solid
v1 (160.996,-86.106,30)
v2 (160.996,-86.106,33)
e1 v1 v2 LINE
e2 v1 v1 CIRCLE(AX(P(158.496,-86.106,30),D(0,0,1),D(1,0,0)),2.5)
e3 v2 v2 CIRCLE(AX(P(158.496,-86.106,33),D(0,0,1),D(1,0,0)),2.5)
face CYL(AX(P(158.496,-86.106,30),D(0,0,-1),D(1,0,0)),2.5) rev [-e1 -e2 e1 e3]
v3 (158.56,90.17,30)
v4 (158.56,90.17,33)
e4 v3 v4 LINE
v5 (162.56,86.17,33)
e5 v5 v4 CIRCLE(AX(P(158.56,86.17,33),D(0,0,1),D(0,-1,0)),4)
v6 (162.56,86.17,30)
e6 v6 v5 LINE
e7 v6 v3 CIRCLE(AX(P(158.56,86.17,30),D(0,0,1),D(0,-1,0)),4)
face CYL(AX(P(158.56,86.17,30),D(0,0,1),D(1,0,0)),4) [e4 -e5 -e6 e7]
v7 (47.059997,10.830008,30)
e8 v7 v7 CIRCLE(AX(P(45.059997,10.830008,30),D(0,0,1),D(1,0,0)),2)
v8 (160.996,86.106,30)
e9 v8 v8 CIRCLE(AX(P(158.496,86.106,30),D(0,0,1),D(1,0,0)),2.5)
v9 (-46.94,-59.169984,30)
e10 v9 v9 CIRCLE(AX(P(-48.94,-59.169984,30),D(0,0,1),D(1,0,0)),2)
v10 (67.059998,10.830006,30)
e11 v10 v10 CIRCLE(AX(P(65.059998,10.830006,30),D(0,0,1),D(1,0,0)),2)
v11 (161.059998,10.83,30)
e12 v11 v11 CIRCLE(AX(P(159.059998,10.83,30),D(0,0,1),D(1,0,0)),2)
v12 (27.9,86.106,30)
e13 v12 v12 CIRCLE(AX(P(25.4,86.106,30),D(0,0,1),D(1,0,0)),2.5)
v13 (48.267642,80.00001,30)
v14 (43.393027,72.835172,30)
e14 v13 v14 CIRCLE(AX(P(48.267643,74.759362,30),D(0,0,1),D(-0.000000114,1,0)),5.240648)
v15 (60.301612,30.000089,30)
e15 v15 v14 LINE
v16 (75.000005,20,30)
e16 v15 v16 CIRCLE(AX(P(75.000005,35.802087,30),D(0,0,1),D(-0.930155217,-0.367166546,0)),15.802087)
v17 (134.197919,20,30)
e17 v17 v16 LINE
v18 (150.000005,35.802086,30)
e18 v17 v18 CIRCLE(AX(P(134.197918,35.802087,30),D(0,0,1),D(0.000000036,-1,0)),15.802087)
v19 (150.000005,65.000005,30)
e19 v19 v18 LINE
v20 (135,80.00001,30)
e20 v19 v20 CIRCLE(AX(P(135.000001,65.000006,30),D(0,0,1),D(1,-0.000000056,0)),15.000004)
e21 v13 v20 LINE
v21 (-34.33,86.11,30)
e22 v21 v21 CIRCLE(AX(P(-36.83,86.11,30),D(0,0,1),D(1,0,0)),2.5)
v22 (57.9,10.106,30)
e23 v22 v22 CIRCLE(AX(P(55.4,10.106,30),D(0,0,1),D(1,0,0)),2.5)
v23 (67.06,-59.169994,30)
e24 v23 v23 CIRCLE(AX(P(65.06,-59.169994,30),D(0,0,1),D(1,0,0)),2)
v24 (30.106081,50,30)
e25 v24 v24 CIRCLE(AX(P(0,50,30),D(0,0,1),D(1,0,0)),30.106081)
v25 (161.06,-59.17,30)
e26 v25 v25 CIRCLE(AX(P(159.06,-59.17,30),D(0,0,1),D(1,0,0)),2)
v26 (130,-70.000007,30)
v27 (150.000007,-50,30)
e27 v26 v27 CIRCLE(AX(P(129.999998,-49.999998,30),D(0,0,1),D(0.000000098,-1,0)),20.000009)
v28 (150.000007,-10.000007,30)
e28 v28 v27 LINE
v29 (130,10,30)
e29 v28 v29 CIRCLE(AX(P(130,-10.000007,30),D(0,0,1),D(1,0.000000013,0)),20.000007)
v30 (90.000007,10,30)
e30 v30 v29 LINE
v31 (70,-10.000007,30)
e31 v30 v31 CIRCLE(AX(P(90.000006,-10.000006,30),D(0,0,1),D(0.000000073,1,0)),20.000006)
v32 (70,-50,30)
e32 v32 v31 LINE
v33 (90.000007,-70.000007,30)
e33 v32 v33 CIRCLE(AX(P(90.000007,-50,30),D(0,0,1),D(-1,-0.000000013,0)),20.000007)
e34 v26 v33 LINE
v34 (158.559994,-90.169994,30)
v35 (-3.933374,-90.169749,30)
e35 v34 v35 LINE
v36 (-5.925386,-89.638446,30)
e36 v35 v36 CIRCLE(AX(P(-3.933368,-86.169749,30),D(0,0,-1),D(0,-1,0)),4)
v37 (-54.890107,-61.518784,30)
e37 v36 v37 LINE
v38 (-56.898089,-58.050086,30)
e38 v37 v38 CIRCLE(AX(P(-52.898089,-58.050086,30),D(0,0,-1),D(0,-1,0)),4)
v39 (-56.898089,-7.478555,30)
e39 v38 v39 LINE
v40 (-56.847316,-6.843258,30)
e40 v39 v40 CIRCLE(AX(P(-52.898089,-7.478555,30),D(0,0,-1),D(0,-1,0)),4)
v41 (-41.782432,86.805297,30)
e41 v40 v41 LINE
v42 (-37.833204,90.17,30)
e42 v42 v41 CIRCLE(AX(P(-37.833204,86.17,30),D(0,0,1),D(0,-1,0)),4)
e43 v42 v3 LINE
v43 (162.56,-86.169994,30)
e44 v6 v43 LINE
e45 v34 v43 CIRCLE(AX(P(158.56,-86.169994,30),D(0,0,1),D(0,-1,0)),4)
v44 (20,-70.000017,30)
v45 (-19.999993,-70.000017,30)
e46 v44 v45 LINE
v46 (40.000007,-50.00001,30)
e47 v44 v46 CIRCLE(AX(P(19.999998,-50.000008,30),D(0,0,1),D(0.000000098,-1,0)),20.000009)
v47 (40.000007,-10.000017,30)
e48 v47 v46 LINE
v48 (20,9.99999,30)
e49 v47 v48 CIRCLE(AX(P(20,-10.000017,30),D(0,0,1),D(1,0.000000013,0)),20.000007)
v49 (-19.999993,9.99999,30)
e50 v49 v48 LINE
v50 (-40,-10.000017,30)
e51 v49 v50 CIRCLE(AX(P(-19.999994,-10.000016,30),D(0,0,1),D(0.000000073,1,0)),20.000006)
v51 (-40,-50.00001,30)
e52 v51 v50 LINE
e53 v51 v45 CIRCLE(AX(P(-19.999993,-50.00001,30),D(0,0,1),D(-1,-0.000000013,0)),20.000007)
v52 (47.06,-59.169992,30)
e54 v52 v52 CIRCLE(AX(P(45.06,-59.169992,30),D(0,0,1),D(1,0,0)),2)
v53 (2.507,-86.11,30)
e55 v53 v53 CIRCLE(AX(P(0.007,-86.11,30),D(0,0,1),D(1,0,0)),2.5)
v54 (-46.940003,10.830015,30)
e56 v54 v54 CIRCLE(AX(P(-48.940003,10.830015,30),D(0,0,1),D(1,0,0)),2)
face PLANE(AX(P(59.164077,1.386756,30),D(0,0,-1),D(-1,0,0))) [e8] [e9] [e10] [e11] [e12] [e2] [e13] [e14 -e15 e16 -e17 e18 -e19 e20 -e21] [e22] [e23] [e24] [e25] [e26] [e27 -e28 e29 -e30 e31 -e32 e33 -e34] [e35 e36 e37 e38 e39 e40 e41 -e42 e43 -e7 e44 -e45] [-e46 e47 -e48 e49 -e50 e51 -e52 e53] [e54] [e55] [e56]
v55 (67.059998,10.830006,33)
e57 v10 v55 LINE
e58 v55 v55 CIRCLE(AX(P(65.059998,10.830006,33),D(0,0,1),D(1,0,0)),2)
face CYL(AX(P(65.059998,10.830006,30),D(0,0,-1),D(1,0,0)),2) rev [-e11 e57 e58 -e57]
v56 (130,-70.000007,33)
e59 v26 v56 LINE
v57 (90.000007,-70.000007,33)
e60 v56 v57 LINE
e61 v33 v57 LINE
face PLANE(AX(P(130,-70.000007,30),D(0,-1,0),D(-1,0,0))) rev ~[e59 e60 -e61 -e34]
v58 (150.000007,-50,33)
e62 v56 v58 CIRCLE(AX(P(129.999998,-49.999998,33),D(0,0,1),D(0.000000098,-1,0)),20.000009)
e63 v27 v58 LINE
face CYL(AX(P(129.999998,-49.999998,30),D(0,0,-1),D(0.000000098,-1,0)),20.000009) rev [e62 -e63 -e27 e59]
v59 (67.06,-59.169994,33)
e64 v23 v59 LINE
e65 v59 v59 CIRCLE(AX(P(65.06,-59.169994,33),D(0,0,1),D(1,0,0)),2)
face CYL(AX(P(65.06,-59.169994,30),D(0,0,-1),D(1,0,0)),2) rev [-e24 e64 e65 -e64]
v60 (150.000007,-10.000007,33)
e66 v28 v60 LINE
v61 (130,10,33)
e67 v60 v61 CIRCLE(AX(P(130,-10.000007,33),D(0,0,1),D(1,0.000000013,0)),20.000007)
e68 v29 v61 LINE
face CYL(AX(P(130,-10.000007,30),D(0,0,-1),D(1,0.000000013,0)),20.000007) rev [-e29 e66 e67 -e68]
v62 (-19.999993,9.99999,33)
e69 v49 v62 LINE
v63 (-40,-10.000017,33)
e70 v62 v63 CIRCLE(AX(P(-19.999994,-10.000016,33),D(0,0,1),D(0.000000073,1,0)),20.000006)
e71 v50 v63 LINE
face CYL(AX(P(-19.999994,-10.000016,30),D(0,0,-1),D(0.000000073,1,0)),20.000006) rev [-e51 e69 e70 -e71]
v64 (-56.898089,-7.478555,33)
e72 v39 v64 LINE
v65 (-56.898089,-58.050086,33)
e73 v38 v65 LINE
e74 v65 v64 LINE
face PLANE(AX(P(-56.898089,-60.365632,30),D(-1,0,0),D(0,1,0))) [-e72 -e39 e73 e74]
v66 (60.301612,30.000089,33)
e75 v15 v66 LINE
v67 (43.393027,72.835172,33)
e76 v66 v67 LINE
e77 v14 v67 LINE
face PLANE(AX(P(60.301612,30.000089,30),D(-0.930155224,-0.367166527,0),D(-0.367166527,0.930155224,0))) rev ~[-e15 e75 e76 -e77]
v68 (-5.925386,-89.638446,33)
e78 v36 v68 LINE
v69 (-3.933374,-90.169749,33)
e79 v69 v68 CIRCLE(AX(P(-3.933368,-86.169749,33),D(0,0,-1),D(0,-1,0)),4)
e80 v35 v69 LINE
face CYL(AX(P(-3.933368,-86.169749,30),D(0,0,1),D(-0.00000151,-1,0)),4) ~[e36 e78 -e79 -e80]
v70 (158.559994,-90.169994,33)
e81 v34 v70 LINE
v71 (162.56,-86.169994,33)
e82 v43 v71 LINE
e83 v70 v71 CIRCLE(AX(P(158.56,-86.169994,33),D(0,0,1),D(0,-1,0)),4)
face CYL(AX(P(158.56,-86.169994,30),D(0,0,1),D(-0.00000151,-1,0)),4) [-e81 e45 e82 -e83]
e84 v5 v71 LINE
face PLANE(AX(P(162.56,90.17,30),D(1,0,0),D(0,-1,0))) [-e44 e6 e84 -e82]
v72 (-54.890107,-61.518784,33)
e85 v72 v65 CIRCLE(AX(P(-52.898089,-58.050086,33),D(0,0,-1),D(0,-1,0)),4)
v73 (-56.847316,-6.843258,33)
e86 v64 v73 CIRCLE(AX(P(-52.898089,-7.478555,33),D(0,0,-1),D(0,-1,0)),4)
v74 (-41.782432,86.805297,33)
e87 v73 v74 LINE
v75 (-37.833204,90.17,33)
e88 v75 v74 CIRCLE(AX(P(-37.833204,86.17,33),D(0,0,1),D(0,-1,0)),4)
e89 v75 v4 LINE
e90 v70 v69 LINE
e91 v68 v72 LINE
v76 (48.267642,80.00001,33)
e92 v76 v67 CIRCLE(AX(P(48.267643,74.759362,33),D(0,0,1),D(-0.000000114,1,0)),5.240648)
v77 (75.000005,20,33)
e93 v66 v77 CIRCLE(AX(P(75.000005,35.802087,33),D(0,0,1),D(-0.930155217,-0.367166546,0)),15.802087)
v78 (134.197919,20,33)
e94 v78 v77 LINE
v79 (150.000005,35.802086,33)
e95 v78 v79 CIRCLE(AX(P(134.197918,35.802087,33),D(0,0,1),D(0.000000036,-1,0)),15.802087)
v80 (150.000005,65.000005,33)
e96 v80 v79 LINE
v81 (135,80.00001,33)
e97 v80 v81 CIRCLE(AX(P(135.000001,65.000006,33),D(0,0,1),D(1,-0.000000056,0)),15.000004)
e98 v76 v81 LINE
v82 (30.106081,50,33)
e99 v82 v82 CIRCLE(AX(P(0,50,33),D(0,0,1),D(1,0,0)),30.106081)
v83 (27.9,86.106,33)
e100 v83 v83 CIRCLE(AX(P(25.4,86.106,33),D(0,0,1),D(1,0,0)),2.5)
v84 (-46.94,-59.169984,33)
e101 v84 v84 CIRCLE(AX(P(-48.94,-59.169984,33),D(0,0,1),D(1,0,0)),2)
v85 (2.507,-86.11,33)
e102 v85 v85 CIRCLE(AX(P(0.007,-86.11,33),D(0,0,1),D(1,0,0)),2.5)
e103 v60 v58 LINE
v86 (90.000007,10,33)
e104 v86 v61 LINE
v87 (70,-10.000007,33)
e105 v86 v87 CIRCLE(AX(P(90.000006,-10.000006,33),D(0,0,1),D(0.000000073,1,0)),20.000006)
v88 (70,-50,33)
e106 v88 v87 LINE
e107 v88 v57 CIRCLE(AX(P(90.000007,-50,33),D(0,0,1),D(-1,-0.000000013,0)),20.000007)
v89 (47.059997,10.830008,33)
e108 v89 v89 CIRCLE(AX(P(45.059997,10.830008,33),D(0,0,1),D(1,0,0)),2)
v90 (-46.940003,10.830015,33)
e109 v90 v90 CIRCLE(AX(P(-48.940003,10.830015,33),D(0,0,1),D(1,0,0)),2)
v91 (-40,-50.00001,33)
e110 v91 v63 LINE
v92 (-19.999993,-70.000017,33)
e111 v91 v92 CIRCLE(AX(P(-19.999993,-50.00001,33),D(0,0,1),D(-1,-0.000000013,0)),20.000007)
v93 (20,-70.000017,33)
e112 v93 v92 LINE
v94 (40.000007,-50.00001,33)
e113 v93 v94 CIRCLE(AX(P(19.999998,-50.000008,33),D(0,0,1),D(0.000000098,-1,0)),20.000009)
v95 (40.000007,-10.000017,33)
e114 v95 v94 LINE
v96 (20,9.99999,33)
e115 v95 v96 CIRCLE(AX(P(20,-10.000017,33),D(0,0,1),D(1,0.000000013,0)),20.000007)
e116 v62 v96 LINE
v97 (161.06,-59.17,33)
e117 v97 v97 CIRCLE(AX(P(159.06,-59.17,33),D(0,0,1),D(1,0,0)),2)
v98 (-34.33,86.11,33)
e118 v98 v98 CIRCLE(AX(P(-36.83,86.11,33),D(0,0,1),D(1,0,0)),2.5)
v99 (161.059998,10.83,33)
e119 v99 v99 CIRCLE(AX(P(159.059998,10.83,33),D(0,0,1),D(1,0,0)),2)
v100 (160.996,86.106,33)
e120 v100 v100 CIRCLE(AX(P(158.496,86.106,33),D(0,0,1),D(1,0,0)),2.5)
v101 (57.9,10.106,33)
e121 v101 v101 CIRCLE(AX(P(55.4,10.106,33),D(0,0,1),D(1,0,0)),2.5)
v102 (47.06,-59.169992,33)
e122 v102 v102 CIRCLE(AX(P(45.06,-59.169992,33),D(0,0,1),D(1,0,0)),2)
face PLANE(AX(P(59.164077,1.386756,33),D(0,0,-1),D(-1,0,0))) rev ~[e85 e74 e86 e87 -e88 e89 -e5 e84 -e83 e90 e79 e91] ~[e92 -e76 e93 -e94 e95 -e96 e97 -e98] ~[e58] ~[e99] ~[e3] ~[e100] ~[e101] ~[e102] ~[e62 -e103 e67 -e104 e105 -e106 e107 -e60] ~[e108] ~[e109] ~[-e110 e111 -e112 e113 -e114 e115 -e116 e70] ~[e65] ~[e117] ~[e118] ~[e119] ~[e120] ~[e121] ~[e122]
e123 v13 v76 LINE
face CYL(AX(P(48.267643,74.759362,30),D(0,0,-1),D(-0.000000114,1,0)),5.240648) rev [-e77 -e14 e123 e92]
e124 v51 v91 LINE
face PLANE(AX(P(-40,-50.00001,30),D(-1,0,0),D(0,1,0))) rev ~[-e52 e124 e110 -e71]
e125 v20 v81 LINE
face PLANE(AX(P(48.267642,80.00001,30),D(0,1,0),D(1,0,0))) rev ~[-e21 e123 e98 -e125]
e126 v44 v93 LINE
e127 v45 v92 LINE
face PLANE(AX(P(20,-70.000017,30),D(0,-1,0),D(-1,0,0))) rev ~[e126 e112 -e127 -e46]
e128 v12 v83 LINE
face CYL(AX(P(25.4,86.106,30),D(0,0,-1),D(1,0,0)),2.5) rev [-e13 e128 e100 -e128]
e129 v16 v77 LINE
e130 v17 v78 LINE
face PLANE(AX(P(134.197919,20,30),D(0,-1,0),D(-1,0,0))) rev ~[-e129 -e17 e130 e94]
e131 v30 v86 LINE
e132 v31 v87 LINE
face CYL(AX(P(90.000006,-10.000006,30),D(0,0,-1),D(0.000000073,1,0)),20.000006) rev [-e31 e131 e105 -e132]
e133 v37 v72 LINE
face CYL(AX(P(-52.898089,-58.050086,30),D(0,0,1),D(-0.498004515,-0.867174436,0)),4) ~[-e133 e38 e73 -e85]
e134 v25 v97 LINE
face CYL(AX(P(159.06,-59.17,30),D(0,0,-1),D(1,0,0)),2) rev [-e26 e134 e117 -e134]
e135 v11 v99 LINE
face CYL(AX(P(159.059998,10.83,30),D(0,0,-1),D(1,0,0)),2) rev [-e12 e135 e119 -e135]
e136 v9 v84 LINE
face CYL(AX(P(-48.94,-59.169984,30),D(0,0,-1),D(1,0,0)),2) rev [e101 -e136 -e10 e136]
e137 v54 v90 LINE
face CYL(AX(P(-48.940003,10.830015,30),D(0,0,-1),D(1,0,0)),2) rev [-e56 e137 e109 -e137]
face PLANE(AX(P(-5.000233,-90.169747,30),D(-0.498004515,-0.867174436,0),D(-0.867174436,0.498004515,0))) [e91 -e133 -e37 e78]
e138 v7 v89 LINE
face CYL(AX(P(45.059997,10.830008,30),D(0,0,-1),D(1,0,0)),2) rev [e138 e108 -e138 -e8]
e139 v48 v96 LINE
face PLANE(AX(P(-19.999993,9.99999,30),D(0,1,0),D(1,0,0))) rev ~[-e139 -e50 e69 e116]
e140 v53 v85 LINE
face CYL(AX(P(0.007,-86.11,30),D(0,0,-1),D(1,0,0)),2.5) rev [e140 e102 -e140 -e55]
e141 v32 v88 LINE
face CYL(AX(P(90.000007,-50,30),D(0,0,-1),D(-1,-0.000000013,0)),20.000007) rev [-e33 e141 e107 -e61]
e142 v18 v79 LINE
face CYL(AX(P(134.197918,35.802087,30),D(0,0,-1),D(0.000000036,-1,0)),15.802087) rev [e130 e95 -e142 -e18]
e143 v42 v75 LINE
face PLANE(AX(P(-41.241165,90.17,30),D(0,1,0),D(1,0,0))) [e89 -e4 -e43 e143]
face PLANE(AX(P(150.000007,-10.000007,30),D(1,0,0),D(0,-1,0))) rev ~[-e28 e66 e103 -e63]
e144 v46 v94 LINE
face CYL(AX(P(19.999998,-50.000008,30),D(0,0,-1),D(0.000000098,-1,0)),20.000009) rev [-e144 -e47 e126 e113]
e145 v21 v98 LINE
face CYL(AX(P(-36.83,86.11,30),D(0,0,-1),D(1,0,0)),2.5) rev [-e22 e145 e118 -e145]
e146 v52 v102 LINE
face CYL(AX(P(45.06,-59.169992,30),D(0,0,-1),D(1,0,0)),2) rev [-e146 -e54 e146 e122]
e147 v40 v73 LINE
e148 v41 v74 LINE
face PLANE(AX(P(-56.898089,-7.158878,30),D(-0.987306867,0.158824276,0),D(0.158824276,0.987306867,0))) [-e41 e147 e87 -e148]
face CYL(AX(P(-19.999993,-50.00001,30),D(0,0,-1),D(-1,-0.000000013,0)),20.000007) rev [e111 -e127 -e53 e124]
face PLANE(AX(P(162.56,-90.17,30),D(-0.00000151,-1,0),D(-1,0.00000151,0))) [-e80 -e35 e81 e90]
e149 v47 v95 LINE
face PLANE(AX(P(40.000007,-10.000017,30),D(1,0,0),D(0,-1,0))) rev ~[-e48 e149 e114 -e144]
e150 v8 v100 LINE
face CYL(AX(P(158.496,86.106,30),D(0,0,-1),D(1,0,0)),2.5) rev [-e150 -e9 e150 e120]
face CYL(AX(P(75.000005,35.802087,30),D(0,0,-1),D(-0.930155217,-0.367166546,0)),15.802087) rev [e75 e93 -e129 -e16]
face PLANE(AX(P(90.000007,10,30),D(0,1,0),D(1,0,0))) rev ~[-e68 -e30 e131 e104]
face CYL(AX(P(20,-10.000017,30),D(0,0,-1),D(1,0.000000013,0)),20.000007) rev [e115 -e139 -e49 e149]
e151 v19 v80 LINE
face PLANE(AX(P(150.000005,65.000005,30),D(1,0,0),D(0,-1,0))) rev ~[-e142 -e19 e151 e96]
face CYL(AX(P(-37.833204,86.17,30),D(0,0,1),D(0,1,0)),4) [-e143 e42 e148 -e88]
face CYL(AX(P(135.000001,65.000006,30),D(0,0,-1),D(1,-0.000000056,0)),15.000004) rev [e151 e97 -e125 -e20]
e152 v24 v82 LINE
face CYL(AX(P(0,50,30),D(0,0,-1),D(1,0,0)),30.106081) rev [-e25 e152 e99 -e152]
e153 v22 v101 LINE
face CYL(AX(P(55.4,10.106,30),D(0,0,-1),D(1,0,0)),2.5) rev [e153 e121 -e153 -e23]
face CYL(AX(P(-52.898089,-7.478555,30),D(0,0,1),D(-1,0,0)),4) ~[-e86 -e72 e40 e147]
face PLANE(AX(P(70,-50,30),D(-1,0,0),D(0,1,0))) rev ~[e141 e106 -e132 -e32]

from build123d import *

# Parameters (mm, degrees)
SKETCH_R   = 2.5
SKETCH_R_2 = 2
SKETCH_R_3 = 30.106081
PAD_DEPTH  = 3
FILLET_R   = 4


with BuildPart() as part:
    # Sketch → Pad (new body)
    with BuildSketch(Plane.XY.offset(30)):
        Polygon((162.56, -90.17), (-5.000233, -90.169747), (-56.898089, -60.365632), (-56.898089, -7.158878), (-41.241165, 90.17), (162.56, 90.17), align=None)
        with Locations((25.4, 86.106)):
            Circle(SKETCH_R, mode=Mode.SUBTRACT)
        with Locations((158.496, 86.106)):
            Circle(SKETCH_R, mode=Mode.SUBTRACT)
        with Locations((55.4, 10.106)):
            Circle(SKETCH_R, mode=Mode.SUBTRACT)
        with Locations((0.007, -86.11)):
            Circle(SKETCH_R, mode=Mode.SUBTRACT)
        with Locations((158.496, -86.106)):
            Circle(SKETCH_R, mode=Mode.SUBTRACT)
        with Locations((-36.83, 86.11)):
            Circle(SKETCH_R, mode=Mode.SUBTRACT)
        with Locations((159.06, -59.17)):
            Circle(SKETCH_R_2, mode=Mode.SUBTRACT)
        with Locations((159.059998, 10.83)):
            Circle(SKETCH_R_2, mode=Mode.SUBTRACT)
        with Locations((65.059998, 10.830006)):
            Circle(SKETCH_R_2, mode=Mode.SUBTRACT)
        with Locations((65.06, -59.169994)):
            Circle(SKETCH_R_2, mode=Mode.SUBTRACT)
        with Locations((45.06, -59.169992)):
            Circle(SKETCH_R_2, mode=Mode.SUBTRACT)
        with Locations((45.059997, 10.830008)):
            Circle(SKETCH_R_2, mode=Mode.SUBTRACT)
        with Locations((-48.940003, 10.830015)):
            Circle(SKETCH_R_2, mode=Mode.SUBTRACT)
        with Locations((-48.94, -59.169984)):
            Circle(SKETCH_R_2, mode=Mode.SUBTRACT)
        with Locations((0, 50)):
            Circle(SKETCH_R_3, mode=Mode.SUBTRACT)
        with BuildLine():
            ThreePointArc((90.000007, 10), (75.857866, 4.142134), (70, -10.000007))
            Line((70, -50), (70, -10.000007))
            ThreePointArc((70, -50), (75.857866, -64.14214), (90.000007, -70.000007))
            Line((130, -70.000007), (90.000007, -70.000007))
            ThreePointArc((130, -70.000007), (144.14214, -64.14214), (150.000007, -50))
            Line((150.000007, -10.000007), (150.000007, -50))
            ThreePointArc((150.000007, -10.000007), (144.14214, 4.142134), (130, 10))
            Line((90.000007, 10), (130, 10))
        make_face(mode=Mode.SUBTRACT)
        with BuildLine():
            Line((-40, -50.00001), (-40, -10.000017))
            ThreePointArc((-19.999993, 9.99999), (-34.142134, 4.142124), (-40, -10.000017))
            Line((-19.999993, 9.99999), (20, 9.99999))
            ThreePointArc((40.000007, -10.000017), (34.14214, 4.142124), (20, 9.99999))
            Line((40.000007, -10.000017), (40.000007, -50.00001))
            ThreePointArc((20, -70.000017), (34.14214, -64.14215), (40.000007, -50.00001))
            Line((20, -70.000017), (-19.999993, -70.000017))
            ThreePointArc((-40, -50.00001), (-34.142134, -64.14215), (-19.999993, -70.000017))
        make_face(mode=Mode.SUBTRACT)
        with BuildLine():
            ThreePointArc((134.197919, 20), (145.371681, 24.628324), (150.000005, 35.802086))
            Line((150.000005, 65.000005), (150.000005, 35.802086))
            ThreePointArc((150.000005, 65.000005), (145.606605, 75.606611), (135, 80.00001))
            Line((48.267642, 80.00001), (135, 80.00001))
            ThreePointArc((48.267642, 80.00001), (43.934723, 77.707276), (43.393027, 72.835172))
            Line((60.301612, 30.000089), (43.393027, 72.835172))
            ThreePointArc((60.301612, 30.000089), (66.111185, 22.737064), (75.000005, 20))
            Line((134.197919, 20), (75.000005, 20))
        make_face(mode=Mode.SUBTRACT)
    extrude(amount=PAD_DEPTH)

    # Fillet
    fillet_edges = [part.edges().sort_by_distance(p)[0] for p in [
        (-5.000233, -90.169747, 31.5),
        (162.56, -90.17, 31.5),
        (162.56, 90.17, 31.5),
        (-56.898089, -60.365632, 31.5),
        (-56.898089, -7.158878, 31.5),
        (-41.241165, 90.17, 31.5),
    ]]
    fillet(fillet_edges, radius=FILLET_R)


solid = part.part
